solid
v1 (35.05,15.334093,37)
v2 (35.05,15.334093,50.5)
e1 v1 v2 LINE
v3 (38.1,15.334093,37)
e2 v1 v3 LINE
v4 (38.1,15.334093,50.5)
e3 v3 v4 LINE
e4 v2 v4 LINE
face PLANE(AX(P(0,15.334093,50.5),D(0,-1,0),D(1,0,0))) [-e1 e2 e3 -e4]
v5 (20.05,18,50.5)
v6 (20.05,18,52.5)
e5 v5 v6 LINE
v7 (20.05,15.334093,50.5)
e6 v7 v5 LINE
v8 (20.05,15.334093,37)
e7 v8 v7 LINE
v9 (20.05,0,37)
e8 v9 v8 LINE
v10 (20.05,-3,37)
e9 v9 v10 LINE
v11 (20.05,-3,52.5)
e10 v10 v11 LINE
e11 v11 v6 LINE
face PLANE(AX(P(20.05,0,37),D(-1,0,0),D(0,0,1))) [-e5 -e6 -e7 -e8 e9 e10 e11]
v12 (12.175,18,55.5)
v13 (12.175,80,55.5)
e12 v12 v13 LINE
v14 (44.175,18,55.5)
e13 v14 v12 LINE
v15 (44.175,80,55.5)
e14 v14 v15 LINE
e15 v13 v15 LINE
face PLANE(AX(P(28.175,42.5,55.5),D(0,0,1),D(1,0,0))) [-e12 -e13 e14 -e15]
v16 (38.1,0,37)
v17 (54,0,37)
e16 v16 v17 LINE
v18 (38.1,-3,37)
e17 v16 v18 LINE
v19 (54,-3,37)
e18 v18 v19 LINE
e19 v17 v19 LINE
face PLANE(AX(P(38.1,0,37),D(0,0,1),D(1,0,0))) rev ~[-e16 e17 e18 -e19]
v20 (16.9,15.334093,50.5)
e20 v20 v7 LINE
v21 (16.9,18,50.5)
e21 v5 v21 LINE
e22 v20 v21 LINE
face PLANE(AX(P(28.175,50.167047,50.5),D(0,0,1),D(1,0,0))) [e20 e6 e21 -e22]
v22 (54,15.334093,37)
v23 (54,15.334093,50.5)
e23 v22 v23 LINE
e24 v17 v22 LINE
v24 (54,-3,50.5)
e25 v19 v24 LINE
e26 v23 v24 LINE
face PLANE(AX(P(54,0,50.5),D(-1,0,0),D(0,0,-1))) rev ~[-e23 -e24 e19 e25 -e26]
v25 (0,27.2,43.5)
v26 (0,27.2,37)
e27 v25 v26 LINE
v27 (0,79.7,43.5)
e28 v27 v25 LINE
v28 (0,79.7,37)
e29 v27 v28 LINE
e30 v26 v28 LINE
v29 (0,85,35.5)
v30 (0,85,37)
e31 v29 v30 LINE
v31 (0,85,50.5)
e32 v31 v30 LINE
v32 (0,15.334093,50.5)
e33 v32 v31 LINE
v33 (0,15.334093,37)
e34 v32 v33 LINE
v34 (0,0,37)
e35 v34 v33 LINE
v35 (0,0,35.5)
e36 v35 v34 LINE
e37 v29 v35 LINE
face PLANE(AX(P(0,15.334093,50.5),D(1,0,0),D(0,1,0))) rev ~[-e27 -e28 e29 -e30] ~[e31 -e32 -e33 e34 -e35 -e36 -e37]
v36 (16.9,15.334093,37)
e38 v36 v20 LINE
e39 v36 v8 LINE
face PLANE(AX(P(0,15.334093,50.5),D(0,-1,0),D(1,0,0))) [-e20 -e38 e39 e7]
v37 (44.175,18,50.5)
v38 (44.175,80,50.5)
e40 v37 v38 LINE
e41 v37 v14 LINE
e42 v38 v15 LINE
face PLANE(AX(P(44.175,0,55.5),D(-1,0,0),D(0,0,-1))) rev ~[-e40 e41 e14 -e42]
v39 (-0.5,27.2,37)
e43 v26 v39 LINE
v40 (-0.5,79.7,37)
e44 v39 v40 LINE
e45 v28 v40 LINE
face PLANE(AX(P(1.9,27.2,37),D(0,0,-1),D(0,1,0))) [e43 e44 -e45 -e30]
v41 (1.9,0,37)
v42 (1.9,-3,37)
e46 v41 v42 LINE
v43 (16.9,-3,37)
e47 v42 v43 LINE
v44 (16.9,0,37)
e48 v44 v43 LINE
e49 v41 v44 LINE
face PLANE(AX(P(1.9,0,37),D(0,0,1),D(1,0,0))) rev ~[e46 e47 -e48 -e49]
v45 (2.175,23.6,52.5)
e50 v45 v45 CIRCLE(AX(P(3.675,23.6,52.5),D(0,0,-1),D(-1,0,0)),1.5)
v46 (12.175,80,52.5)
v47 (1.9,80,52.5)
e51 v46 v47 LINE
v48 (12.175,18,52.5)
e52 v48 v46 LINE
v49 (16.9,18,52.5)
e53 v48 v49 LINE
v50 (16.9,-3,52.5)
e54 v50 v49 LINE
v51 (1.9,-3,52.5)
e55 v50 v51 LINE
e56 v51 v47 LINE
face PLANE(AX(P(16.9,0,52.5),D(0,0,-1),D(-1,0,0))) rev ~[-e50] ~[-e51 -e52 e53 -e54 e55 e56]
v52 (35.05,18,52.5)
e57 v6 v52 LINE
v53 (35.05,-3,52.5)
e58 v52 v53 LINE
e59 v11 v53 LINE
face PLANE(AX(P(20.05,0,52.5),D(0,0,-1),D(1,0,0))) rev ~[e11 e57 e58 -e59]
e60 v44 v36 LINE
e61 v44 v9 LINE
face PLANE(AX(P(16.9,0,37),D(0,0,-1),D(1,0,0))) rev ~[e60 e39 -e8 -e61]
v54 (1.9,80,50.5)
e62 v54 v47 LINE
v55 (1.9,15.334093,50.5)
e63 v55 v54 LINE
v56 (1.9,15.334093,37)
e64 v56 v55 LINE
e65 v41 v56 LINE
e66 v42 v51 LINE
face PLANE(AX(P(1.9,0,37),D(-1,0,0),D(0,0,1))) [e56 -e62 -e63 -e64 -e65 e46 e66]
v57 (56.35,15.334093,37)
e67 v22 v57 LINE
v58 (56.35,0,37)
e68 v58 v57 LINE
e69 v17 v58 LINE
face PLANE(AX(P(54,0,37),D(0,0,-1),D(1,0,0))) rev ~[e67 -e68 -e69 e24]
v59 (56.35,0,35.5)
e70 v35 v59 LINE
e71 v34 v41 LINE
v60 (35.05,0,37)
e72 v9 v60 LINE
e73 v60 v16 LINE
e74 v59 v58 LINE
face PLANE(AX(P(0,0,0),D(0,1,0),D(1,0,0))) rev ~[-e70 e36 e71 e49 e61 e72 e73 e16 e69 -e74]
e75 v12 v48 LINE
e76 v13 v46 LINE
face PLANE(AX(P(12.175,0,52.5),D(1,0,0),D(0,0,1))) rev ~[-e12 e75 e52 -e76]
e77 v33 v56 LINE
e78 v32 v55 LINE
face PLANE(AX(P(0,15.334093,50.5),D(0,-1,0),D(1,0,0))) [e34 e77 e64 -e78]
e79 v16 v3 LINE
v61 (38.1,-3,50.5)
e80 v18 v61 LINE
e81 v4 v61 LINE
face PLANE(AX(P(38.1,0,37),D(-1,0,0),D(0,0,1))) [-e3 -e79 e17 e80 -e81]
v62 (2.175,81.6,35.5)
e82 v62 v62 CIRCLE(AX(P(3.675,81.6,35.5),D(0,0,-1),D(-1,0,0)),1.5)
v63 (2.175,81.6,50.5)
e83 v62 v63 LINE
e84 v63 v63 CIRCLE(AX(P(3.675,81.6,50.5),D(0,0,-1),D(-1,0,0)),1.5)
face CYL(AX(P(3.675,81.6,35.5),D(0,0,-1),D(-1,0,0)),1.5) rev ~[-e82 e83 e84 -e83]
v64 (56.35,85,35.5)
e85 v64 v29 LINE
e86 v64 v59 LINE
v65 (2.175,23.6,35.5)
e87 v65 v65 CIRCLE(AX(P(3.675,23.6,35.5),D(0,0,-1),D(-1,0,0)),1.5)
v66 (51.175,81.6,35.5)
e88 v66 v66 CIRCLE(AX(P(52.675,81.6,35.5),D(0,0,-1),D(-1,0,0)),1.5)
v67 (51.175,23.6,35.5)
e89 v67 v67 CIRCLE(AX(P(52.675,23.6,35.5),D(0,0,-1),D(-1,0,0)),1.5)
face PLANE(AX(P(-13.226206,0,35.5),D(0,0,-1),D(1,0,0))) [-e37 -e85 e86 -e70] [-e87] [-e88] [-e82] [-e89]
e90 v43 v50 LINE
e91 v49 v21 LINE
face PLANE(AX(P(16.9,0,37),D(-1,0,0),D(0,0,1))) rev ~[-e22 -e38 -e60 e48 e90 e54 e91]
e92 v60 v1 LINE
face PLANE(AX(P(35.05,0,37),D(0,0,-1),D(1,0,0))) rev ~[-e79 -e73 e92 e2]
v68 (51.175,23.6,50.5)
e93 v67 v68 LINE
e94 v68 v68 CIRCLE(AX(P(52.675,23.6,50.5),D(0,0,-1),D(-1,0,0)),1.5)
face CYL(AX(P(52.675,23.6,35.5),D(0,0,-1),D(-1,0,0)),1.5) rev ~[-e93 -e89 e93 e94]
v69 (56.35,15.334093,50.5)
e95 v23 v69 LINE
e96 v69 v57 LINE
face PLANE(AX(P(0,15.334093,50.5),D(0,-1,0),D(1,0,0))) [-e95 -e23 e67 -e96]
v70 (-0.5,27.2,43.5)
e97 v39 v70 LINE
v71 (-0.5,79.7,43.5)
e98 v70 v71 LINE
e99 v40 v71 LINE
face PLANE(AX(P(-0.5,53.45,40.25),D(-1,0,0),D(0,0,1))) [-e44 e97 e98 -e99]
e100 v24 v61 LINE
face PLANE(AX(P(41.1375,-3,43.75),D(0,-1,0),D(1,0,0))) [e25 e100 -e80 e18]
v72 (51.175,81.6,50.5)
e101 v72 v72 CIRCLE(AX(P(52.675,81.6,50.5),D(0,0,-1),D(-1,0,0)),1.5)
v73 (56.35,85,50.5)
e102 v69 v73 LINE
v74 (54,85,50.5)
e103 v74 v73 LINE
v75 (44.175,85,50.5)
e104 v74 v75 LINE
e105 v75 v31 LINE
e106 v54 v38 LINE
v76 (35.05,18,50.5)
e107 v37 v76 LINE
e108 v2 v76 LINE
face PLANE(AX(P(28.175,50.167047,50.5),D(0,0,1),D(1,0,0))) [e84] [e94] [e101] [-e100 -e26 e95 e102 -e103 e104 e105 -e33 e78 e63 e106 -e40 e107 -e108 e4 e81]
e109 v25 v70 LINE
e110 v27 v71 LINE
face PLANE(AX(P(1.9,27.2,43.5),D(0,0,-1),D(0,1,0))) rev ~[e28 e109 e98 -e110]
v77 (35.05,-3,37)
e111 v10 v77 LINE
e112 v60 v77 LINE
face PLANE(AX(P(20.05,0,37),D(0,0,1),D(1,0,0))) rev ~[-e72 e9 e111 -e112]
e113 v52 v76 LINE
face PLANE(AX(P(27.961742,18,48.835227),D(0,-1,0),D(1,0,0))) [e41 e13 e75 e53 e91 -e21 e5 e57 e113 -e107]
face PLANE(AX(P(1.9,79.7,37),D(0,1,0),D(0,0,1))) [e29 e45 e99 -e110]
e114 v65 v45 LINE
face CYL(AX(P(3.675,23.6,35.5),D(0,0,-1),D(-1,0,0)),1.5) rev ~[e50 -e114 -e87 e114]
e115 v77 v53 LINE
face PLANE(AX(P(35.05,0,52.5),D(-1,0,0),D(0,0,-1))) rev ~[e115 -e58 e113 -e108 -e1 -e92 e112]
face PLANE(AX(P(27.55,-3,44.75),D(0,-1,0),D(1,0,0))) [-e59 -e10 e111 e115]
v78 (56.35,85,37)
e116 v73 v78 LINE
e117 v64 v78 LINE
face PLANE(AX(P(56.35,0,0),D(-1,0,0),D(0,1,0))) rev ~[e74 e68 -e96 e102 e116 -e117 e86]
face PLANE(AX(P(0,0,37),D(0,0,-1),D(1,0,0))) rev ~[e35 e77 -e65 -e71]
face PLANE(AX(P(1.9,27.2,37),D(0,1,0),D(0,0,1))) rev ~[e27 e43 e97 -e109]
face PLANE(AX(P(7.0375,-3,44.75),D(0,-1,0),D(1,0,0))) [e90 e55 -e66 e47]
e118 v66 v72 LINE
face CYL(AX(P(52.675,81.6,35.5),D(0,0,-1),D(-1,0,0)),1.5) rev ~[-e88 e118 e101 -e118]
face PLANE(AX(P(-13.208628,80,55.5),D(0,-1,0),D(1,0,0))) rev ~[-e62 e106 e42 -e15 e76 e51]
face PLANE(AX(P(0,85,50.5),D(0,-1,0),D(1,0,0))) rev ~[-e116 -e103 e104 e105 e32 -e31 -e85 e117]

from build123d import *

# Parameters (mm, degrees)
SKETCH1_W           = 56.35
SKETCH1_H           = 85
BOSS_EXTRUDE1_DEPTH = 55.5
CUT_EXTRUDE3_DEPTH  = 117.105867638
CUT_EXTRUDE4_DEPTH  = 18
SKETCH2_4_W         = 10.275
SKETCH2_4_H         = 15.5
SKETCH2_4_W_2       = 4.725
SKETCH2_4_W_3       = 15
SKETCH2_4_W_4       = 6.075
SKETCH2_4_H_2       = 13.5
SKETCH2_4_W_5       = 9.825
BOSS_EXTRUDE2_DEPTH = 3
SKETCH3_W           = 6.5
SKETCH3_H           = 52.5
BOSS_EXTRUDE3_DEPTH = 2.4
SKETCH4_W           = 83.236605227
SKETCH4_H           = 41.384754339
CUT_EXTRUDE5_DEPTH  = 117.105867638
SKETCH6_W           = 56.35
SKETCH6_H           = 69.665906653
BOSS_EXTRUDE4_DEPTH = 13.5
SKETCH5_R           = 1.5
CUT_EXTRUDE6_DEPTH  = 104.924600071
SKETCH7_W           = 101.583675899
SKETCH7_H           = 36.04582048
CUT_EXTRUDE7_DEPTH  = 5


with BuildPart() as part:
    # Sketch1 → Boss-Extrude1 (new body)
    with BuildSketch(Plane.XY):
        with Locations((28.175, 42.5)):
            Rectangle(SKETCH1_W, SKETCH1_H)
    extrude(amount=BOSS_EXTRUDE1_DEPTH)

    # Sketch2 → Cut-Extrude3 (cut, through all)
    with BuildSketch(Plane.XZ):
        with BuildLine():
            Line((5.575, 25.1), (0, 25.1))
            Line((0, 25.1), (0, 0))
            Line((0, 0), (11.575, 0))
            ThreePointArc((11.575, 0), (7.332359313, 1.757359313), (5.575, 6))
            Line((5.575, 6), (5.575, 25.1))
        make_face()
        with BuildLine():
            Line((56.35, 0), (56.35, 25.1))
            Line((56.35, 25.1), (50.775, 25.1))
            Line((50.775, 25.1), (50.775, 6))
            ThreePointArc((50.775, 6), (49.017640687, 1.757359313), (44.775, 0))
            Line((44.775, 0), (56.35, 0))
        make_face()
        Polygon((56.35, 55.5), (44.175, 55.5), (44.175, 50.5), (54, 50.5), (54, 37), (56.35, 37), align=None)
        Polygon((1.9, 37), (1.9, 52.5), (12.175, 52.5), (12.175, 55.5), (0, 55.5), (0, 37), align=None)
    extrude(amount=-CUT_EXTRUDE3_DEPTH, mode=Mode.SUBTRACT)

    # Sketch2<3> → Cut-Extrude4 (cut)
    with BuildSketch(Plane.XZ):
        Polygon((12.175, 55.5), (12.175, 52.5), (16.9, 52.5), (16.9, 37), (20.05, 37), (20.05, 52.5), (35.05, 52.5), (35.05, 37), (38.1, 37), (38.1, 50.5), (44.175, 50.5), (44.175, 55.5), align=None)
    extrude(amount=-CUT_EXTRUDE4_DEPTH, mode=Mode.SUBTRACT)

    # Sketch2<4> → Boss-Extrude2 (add)
    with BuildSketch(Plane.XZ):
        with Locations((7.0375, 44.75)):
            Rectangle(SKETCH2_4_W, SKETCH2_4_H)
        with Locations((14.5375, 44.75)):
            Rectangle(SKETCH2_4_W_2, SKETCH2_4_H)
        with Locations((27.55, 44.75)):
            Rectangle(SKETCH2_4_W_3, SKETCH2_4_H)
        with Locations((41.1375, 43.75)):
            Rectangle(SKETCH2_4_W_4, SKETCH2_4_H_2)
        with Locations((49.0875, 43.75)):
            Rectangle(SKETCH2_4_W_5, SKETCH2_4_H_2)
    extrude(amount=BOSS_EXTRUDE2_DEPTH)

    # Sketch3 → Boss-Extrude3 (add)
    with BuildSketch(Plane.ZY.offset(-1.9)):
        with Locations((40.25, 53.45)):
            Rectangle(SKETCH3_W, SKETCH3_H)
        with Locations((29.75, 53.45)):
            Rectangle(SKETCH3_W, SKETCH3_H)
    extrude(amount=BOSS_EXTRUDE3_DEPTH)

    # Sketch4 → Cut-Extrude5 (cut, through all)
    with BuildSketch(Plane.XZ):
        with Locations((28.392096551, 14.80762283)):
            Rectangle(SKETCH4_W, SKETCH4_H)
    extrude(amount=-CUT_EXTRUDE5_DEPTH, mode=Mode.SUBTRACT)

    # Sketch6 → Boss-Extrude4 (add)
    with BuildSketch(Plane.XY.offset(50.5)):
        with Locations((28.175, 50.167046674)):
            Rectangle(SKETCH6_W, SKETCH6_H)
    extrude(amount=-BOSS_EXTRUDE4_DEPTH)

    # Sketch5 → Cut-Extrude6 (cut, through all)
    with BuildSketch(Plane(origin=(0, 0, 35.5), x_dir=(-1, 0, 0), z_dir=(0, 0, -1))):
        with Locations((-52.675, 81.6)):
            Circle(SKETCH5_R)
        with Locations((-3.675, 81.6)):
            Circle(SKETCH5_R)
        with Locations((-3.675, 23.6)):
            Circle(SKETCH5_R)
        with Locations((-52.675, 23.6)):
            Circle(SKETCH5_R)
    extrude(amount=-CUT_EXTRUDE6_DEPTH, mode=Mode.SUBTRACT)

    # Sketch7 → Cut-Extrude7 (cut)
    with BuildSketch(Plane.XY.offset(55.5)):
        with Locations((37.583210273, 98.02291024)):
            Rectangle(SKETCH7_W, SKETCH7_H)
    extrude(amount=-CUT_EXTRUDE7_DEPTH, mode=Mode.SUBTRACT)


solid = part.part
